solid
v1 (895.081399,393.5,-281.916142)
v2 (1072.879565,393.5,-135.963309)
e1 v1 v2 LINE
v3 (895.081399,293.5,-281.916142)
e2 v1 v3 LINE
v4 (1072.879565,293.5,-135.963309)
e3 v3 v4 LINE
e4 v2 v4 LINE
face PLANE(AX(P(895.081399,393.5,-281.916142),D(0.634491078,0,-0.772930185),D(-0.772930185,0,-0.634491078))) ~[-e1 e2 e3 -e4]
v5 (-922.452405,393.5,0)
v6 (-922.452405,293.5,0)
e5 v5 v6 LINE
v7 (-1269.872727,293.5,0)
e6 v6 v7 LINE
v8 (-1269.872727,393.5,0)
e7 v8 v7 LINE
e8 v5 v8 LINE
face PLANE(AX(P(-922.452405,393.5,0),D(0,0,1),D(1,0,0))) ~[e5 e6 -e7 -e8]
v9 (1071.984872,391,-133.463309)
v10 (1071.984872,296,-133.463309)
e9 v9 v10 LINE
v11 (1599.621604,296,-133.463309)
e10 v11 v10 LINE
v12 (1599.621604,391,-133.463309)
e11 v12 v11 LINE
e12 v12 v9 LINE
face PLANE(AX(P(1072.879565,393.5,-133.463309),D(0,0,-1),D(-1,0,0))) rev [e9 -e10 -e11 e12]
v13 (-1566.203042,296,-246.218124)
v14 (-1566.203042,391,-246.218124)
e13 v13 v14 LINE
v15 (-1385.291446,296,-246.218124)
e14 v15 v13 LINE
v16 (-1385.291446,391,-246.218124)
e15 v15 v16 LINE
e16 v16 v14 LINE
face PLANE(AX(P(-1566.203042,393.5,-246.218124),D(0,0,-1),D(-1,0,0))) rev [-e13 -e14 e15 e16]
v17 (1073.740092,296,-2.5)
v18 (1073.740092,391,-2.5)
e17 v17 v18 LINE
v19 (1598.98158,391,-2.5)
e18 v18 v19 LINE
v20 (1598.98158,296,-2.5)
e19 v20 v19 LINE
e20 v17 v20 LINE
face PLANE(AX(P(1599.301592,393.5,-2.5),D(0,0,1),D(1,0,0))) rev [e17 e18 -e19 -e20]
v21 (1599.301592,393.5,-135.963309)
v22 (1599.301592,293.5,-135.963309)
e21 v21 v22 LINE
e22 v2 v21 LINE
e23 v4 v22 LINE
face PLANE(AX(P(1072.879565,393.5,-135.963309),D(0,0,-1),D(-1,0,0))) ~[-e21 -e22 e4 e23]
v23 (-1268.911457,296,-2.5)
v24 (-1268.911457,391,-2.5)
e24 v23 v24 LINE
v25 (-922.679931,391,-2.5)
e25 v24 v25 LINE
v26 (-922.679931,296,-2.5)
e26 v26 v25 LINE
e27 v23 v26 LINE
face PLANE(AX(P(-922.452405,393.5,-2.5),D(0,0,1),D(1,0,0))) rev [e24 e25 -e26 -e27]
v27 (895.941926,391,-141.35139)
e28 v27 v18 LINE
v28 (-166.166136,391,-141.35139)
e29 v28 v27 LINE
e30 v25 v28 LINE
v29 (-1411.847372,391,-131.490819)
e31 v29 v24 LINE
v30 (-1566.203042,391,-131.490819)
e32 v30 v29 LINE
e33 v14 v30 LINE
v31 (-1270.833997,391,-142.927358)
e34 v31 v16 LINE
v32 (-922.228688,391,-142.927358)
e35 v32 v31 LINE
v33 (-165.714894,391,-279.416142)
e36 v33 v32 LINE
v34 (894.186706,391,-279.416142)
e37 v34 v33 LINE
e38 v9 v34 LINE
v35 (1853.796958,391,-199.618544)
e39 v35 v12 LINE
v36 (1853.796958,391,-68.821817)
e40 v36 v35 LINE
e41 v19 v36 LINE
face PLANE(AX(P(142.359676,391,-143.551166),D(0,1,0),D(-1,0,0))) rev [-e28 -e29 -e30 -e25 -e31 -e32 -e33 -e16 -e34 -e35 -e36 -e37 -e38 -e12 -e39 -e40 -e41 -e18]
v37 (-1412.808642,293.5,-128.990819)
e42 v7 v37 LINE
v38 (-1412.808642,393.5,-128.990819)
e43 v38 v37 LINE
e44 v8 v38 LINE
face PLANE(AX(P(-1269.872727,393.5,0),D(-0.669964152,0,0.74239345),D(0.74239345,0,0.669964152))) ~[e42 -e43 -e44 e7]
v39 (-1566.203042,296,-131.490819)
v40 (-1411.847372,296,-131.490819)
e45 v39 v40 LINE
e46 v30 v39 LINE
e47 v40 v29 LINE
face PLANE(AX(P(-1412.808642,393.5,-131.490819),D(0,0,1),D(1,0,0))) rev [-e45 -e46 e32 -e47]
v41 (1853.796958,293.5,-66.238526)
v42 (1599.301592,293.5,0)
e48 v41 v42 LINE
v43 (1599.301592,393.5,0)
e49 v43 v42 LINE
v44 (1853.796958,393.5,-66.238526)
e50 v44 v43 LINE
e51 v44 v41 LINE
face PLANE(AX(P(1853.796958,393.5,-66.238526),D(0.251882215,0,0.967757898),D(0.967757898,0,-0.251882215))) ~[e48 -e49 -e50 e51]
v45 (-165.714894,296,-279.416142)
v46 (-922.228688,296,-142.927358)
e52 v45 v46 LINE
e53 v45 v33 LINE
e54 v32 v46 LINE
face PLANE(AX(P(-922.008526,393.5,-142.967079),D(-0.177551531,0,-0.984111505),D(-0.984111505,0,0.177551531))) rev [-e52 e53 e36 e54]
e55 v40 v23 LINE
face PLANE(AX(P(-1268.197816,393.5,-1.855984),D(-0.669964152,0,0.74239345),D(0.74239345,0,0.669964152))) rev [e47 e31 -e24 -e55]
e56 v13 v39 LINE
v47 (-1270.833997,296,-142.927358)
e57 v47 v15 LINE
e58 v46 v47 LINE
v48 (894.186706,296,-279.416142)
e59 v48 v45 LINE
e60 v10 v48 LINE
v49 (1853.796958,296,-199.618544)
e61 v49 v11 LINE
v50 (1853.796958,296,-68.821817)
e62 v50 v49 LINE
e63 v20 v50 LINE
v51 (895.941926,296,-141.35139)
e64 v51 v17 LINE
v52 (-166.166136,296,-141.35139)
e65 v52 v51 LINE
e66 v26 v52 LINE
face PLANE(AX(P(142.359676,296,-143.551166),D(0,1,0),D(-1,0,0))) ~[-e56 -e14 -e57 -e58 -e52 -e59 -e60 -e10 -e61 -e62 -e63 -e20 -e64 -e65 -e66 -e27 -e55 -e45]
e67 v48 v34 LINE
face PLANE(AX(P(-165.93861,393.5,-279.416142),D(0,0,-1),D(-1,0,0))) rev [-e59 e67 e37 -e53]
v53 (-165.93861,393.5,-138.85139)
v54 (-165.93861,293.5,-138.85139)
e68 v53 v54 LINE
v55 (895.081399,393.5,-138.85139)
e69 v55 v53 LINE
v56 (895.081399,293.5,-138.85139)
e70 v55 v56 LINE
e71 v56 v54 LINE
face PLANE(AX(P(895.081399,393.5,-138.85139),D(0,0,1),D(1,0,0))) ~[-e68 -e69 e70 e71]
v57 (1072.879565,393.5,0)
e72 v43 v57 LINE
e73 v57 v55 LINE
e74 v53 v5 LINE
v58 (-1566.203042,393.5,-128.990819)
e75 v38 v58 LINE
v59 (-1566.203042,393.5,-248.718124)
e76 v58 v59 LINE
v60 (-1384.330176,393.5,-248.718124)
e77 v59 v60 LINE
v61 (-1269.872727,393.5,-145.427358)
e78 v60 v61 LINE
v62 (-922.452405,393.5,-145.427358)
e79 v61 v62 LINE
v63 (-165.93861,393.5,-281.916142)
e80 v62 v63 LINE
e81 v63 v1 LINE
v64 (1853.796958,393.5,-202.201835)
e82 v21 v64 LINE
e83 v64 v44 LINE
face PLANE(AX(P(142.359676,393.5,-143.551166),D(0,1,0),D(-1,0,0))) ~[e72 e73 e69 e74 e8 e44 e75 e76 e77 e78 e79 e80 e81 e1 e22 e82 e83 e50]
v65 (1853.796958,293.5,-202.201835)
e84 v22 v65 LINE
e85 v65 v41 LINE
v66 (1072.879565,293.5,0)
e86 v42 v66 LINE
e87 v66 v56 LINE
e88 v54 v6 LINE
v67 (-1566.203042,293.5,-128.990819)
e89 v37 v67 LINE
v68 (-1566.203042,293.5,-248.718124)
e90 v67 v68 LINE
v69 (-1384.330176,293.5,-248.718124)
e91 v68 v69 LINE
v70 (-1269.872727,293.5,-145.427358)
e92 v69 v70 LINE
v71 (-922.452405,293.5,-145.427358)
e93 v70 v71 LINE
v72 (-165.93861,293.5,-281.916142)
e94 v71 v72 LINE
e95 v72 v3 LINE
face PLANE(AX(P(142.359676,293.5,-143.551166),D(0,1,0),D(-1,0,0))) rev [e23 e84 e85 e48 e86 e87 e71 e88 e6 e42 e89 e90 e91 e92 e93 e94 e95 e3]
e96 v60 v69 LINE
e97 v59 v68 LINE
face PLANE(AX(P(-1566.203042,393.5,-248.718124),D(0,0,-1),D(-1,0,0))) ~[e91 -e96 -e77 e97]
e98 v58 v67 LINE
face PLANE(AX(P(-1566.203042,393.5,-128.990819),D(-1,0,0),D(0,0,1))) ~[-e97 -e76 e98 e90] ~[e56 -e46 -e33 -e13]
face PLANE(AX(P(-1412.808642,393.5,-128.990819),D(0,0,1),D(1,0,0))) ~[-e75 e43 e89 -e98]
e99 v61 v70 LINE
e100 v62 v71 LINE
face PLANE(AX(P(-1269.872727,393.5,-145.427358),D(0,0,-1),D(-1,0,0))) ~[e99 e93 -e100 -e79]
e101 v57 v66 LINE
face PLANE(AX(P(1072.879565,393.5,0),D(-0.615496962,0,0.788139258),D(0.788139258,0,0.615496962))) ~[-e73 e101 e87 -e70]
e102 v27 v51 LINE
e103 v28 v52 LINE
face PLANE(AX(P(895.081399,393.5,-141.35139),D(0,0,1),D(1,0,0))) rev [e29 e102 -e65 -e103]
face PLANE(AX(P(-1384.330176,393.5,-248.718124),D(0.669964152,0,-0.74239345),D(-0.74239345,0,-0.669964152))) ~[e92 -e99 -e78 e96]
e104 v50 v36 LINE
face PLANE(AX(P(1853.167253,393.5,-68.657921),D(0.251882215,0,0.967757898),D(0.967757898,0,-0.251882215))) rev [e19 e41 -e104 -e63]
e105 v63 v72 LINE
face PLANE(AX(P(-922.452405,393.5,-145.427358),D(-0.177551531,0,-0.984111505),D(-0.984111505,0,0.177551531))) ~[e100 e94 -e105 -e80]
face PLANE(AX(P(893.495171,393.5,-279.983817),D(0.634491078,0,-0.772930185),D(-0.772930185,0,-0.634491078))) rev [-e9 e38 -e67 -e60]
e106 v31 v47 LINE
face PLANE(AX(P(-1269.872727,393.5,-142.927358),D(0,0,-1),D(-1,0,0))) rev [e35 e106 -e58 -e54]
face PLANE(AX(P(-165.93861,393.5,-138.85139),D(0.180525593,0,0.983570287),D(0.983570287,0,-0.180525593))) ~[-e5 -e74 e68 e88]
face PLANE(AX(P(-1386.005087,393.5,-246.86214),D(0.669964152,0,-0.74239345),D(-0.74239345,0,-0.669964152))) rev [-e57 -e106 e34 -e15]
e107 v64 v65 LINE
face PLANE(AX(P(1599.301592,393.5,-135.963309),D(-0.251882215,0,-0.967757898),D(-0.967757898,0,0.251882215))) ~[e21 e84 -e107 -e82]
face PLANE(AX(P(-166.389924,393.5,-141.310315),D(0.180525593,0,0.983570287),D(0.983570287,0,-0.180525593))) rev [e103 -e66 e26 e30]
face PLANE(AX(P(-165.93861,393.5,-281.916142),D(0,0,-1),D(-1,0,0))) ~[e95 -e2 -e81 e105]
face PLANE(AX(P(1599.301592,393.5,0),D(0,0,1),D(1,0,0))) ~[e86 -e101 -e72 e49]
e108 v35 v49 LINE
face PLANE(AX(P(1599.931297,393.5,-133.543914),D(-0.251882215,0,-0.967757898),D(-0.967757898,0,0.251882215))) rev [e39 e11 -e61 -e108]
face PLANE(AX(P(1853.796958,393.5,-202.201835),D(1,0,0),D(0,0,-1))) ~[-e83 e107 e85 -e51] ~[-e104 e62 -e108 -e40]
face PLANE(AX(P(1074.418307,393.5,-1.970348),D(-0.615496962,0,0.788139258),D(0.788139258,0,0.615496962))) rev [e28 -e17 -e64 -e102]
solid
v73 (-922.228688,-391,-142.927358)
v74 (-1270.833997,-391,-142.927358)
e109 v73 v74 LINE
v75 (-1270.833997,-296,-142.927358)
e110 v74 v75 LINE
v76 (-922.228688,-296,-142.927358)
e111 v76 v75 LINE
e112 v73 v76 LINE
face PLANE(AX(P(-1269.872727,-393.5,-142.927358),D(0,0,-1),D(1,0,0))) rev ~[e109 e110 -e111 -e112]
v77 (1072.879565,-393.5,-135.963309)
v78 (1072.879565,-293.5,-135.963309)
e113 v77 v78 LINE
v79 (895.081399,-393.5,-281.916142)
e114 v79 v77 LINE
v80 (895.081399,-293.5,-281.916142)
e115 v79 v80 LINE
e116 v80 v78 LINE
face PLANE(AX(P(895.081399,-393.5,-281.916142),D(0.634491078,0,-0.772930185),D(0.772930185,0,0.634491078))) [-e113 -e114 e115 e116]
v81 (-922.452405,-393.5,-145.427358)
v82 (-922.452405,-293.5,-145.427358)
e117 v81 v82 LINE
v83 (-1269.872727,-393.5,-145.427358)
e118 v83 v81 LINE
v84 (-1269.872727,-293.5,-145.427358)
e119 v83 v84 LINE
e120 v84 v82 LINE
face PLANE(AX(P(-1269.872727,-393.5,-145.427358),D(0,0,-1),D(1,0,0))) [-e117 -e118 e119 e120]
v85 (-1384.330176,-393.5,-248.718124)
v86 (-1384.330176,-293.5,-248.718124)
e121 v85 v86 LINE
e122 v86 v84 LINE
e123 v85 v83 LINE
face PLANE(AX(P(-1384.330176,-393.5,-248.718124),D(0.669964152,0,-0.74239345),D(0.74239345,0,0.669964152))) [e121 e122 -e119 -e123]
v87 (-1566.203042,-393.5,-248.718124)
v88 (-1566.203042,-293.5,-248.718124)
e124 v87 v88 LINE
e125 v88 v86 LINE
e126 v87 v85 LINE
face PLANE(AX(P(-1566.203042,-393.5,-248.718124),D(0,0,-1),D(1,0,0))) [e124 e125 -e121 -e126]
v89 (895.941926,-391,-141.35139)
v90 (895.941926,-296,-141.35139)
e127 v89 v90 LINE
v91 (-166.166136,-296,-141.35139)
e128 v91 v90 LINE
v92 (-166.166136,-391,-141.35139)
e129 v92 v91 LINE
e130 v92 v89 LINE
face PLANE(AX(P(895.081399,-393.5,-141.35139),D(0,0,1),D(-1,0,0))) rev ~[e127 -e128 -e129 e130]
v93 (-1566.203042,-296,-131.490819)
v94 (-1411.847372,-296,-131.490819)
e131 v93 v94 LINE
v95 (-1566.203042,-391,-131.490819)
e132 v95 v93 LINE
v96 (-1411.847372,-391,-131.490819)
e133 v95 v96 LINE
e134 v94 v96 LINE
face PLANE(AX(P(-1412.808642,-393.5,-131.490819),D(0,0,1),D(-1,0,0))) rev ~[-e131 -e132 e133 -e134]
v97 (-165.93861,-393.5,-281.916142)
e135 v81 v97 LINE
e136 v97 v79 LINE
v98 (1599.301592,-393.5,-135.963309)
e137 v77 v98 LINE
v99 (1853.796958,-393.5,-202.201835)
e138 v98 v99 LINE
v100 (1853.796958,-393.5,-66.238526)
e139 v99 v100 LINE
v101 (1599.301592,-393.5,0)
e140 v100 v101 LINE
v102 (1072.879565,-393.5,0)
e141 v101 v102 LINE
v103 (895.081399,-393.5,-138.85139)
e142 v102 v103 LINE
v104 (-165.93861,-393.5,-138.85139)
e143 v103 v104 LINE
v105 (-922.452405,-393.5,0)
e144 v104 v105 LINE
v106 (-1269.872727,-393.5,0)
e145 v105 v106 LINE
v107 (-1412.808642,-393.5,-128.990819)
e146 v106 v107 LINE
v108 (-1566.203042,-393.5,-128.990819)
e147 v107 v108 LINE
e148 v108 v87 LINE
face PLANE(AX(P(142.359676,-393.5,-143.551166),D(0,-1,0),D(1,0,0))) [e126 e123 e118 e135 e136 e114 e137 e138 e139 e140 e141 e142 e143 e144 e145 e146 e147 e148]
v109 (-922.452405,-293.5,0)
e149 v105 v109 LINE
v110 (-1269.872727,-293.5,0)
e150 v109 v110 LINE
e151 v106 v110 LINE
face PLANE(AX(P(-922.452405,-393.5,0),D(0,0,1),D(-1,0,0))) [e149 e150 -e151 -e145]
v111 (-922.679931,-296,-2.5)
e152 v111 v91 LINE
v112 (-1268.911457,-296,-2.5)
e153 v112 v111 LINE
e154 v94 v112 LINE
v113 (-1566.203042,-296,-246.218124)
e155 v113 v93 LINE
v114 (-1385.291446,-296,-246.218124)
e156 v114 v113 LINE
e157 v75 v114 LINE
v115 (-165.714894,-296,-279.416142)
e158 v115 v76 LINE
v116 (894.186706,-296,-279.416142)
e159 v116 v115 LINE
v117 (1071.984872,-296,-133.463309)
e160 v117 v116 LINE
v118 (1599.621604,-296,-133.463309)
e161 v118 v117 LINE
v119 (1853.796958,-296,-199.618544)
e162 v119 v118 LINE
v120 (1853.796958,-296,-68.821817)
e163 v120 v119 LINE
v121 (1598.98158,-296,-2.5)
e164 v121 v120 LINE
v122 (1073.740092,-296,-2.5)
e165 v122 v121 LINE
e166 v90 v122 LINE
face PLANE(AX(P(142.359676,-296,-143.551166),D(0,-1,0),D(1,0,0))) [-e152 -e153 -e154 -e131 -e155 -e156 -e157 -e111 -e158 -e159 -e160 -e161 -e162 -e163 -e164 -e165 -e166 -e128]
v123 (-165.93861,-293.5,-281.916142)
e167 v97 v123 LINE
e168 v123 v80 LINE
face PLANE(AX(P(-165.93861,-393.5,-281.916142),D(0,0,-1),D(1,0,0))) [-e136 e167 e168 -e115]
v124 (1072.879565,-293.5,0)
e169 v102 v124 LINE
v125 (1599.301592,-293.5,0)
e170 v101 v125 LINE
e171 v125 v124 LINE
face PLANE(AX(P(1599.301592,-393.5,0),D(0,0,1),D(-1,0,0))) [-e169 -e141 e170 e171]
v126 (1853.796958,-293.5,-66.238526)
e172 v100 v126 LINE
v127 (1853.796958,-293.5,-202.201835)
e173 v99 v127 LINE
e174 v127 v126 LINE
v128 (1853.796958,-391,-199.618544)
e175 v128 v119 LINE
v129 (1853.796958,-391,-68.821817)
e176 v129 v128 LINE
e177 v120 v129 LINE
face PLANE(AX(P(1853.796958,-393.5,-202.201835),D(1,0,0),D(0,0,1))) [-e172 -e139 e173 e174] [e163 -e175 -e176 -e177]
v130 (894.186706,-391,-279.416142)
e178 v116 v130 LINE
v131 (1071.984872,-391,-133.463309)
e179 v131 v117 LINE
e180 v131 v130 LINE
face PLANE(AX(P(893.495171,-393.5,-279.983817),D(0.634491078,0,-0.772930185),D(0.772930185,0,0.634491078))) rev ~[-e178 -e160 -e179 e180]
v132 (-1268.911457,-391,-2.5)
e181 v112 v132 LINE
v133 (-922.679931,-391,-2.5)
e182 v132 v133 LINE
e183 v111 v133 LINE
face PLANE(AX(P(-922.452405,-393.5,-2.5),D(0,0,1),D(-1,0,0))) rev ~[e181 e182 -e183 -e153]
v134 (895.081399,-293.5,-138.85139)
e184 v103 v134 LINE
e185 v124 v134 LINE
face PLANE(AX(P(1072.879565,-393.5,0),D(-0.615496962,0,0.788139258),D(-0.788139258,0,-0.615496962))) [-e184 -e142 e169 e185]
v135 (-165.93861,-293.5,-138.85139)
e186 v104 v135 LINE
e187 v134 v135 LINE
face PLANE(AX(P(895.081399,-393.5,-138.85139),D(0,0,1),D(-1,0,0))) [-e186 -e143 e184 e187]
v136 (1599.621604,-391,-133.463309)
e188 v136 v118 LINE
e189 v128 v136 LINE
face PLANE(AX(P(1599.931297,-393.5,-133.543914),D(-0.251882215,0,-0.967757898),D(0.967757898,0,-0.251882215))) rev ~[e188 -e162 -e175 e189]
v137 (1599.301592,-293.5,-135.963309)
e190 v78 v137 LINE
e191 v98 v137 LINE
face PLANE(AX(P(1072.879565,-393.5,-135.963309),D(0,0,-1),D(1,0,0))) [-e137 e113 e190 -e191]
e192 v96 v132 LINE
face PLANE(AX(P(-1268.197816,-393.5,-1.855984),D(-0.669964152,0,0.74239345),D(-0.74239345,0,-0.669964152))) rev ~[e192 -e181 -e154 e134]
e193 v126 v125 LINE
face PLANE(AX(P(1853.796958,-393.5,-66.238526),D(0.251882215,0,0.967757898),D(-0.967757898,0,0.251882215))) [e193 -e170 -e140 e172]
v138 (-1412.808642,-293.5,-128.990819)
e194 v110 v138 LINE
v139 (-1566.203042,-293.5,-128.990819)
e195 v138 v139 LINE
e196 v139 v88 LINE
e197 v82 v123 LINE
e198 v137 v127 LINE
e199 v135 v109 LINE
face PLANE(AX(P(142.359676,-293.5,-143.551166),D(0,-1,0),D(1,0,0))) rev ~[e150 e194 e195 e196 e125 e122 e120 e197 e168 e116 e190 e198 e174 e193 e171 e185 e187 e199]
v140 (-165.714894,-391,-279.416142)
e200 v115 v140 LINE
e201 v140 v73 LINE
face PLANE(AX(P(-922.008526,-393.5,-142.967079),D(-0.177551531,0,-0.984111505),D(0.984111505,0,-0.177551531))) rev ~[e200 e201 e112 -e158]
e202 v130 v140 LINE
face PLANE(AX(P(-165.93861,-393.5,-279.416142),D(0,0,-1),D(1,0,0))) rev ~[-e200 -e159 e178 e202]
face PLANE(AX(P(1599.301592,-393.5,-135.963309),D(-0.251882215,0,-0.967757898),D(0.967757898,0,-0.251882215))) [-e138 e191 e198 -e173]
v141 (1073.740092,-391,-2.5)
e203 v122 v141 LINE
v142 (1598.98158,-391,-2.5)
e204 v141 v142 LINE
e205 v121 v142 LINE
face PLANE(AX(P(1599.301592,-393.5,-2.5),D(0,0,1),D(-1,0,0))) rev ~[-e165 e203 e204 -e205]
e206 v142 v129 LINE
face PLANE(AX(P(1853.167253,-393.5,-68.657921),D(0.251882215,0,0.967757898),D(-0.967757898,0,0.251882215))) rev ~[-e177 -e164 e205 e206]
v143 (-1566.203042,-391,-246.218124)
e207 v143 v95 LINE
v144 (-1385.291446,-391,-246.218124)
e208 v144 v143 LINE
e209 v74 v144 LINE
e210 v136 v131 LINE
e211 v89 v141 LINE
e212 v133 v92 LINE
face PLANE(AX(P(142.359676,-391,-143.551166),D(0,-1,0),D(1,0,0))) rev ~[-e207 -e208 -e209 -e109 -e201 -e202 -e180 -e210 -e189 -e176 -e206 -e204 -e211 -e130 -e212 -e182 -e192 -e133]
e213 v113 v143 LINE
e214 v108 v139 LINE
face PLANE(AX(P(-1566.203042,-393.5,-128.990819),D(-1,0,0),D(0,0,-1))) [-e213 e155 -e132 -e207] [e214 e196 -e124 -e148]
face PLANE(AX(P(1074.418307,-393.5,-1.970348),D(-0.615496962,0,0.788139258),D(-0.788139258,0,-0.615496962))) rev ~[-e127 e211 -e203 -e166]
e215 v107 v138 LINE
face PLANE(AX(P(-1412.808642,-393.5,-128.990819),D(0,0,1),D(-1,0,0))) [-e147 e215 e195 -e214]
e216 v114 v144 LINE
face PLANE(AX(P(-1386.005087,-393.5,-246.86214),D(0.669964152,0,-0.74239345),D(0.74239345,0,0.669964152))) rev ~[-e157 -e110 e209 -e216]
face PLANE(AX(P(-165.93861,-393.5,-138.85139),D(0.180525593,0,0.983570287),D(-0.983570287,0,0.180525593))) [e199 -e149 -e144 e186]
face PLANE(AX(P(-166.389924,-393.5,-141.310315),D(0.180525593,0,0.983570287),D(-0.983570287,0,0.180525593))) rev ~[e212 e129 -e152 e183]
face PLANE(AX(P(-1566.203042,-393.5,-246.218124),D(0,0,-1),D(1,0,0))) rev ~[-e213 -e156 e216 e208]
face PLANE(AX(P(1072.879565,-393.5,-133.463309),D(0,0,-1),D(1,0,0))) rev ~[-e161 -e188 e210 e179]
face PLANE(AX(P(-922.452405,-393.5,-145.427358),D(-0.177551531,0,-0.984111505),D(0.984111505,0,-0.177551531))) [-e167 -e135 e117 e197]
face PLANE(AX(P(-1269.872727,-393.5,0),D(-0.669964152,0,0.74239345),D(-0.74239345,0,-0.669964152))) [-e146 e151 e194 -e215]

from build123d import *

# Parameters (mm, degrees)
F2_DEPTH = 100
F3_T     = -2.5


with BuildPart() as f2:
    # F1 (on offset) → F2 (new body)
    with BuildSketch(Plane.XZ.offset(393.5)):
        Polygon((-1412.8086419196, -128.9908189169), (-1566.2030417423, -128.9908189169), (-1566.2030417423, -248.7181238432), (-1384.3301761846, -248.7181238432), (-1269.8727268362, -145.4273580902), (-922.4524051726, -145.4273580902), (-165.9386103739, -281.9161423003), (895.0813985169, -281.9161423003), (1072.8795650266, -135.9633091626), (1599.3015918366, -135.9633091626), (1853.7969582577, -202.2018350482), (1853.7969582577, -66.2385258856), (1599.3015918366, 0), (1072.8795650266, 0), (895.0813985169, -138.8513897236), (-165.9386103739, -138.8513897236), (-922.4524051726, 0), (-1269.8727268362, 0), align=None)
    extrude(amount=-F2_DEPTH)

    # F3
    f3_openings = [f2.faces().sort_by_distance(p)[0] for p in [
        (-1566.203042, -343.5, -188.854471),
        (1853.796958, -343.5, -134.22018),
    ]]
    offset(amount=F3_T, openings=f3_openings, kind=Kind.INTERSECTION)


with BuildPart() as f4_1:
    # F4: instance of F2
    add(f2.part.mirror(Plane.XZ))


solid = Compound([f2.part, f4_1.part])
